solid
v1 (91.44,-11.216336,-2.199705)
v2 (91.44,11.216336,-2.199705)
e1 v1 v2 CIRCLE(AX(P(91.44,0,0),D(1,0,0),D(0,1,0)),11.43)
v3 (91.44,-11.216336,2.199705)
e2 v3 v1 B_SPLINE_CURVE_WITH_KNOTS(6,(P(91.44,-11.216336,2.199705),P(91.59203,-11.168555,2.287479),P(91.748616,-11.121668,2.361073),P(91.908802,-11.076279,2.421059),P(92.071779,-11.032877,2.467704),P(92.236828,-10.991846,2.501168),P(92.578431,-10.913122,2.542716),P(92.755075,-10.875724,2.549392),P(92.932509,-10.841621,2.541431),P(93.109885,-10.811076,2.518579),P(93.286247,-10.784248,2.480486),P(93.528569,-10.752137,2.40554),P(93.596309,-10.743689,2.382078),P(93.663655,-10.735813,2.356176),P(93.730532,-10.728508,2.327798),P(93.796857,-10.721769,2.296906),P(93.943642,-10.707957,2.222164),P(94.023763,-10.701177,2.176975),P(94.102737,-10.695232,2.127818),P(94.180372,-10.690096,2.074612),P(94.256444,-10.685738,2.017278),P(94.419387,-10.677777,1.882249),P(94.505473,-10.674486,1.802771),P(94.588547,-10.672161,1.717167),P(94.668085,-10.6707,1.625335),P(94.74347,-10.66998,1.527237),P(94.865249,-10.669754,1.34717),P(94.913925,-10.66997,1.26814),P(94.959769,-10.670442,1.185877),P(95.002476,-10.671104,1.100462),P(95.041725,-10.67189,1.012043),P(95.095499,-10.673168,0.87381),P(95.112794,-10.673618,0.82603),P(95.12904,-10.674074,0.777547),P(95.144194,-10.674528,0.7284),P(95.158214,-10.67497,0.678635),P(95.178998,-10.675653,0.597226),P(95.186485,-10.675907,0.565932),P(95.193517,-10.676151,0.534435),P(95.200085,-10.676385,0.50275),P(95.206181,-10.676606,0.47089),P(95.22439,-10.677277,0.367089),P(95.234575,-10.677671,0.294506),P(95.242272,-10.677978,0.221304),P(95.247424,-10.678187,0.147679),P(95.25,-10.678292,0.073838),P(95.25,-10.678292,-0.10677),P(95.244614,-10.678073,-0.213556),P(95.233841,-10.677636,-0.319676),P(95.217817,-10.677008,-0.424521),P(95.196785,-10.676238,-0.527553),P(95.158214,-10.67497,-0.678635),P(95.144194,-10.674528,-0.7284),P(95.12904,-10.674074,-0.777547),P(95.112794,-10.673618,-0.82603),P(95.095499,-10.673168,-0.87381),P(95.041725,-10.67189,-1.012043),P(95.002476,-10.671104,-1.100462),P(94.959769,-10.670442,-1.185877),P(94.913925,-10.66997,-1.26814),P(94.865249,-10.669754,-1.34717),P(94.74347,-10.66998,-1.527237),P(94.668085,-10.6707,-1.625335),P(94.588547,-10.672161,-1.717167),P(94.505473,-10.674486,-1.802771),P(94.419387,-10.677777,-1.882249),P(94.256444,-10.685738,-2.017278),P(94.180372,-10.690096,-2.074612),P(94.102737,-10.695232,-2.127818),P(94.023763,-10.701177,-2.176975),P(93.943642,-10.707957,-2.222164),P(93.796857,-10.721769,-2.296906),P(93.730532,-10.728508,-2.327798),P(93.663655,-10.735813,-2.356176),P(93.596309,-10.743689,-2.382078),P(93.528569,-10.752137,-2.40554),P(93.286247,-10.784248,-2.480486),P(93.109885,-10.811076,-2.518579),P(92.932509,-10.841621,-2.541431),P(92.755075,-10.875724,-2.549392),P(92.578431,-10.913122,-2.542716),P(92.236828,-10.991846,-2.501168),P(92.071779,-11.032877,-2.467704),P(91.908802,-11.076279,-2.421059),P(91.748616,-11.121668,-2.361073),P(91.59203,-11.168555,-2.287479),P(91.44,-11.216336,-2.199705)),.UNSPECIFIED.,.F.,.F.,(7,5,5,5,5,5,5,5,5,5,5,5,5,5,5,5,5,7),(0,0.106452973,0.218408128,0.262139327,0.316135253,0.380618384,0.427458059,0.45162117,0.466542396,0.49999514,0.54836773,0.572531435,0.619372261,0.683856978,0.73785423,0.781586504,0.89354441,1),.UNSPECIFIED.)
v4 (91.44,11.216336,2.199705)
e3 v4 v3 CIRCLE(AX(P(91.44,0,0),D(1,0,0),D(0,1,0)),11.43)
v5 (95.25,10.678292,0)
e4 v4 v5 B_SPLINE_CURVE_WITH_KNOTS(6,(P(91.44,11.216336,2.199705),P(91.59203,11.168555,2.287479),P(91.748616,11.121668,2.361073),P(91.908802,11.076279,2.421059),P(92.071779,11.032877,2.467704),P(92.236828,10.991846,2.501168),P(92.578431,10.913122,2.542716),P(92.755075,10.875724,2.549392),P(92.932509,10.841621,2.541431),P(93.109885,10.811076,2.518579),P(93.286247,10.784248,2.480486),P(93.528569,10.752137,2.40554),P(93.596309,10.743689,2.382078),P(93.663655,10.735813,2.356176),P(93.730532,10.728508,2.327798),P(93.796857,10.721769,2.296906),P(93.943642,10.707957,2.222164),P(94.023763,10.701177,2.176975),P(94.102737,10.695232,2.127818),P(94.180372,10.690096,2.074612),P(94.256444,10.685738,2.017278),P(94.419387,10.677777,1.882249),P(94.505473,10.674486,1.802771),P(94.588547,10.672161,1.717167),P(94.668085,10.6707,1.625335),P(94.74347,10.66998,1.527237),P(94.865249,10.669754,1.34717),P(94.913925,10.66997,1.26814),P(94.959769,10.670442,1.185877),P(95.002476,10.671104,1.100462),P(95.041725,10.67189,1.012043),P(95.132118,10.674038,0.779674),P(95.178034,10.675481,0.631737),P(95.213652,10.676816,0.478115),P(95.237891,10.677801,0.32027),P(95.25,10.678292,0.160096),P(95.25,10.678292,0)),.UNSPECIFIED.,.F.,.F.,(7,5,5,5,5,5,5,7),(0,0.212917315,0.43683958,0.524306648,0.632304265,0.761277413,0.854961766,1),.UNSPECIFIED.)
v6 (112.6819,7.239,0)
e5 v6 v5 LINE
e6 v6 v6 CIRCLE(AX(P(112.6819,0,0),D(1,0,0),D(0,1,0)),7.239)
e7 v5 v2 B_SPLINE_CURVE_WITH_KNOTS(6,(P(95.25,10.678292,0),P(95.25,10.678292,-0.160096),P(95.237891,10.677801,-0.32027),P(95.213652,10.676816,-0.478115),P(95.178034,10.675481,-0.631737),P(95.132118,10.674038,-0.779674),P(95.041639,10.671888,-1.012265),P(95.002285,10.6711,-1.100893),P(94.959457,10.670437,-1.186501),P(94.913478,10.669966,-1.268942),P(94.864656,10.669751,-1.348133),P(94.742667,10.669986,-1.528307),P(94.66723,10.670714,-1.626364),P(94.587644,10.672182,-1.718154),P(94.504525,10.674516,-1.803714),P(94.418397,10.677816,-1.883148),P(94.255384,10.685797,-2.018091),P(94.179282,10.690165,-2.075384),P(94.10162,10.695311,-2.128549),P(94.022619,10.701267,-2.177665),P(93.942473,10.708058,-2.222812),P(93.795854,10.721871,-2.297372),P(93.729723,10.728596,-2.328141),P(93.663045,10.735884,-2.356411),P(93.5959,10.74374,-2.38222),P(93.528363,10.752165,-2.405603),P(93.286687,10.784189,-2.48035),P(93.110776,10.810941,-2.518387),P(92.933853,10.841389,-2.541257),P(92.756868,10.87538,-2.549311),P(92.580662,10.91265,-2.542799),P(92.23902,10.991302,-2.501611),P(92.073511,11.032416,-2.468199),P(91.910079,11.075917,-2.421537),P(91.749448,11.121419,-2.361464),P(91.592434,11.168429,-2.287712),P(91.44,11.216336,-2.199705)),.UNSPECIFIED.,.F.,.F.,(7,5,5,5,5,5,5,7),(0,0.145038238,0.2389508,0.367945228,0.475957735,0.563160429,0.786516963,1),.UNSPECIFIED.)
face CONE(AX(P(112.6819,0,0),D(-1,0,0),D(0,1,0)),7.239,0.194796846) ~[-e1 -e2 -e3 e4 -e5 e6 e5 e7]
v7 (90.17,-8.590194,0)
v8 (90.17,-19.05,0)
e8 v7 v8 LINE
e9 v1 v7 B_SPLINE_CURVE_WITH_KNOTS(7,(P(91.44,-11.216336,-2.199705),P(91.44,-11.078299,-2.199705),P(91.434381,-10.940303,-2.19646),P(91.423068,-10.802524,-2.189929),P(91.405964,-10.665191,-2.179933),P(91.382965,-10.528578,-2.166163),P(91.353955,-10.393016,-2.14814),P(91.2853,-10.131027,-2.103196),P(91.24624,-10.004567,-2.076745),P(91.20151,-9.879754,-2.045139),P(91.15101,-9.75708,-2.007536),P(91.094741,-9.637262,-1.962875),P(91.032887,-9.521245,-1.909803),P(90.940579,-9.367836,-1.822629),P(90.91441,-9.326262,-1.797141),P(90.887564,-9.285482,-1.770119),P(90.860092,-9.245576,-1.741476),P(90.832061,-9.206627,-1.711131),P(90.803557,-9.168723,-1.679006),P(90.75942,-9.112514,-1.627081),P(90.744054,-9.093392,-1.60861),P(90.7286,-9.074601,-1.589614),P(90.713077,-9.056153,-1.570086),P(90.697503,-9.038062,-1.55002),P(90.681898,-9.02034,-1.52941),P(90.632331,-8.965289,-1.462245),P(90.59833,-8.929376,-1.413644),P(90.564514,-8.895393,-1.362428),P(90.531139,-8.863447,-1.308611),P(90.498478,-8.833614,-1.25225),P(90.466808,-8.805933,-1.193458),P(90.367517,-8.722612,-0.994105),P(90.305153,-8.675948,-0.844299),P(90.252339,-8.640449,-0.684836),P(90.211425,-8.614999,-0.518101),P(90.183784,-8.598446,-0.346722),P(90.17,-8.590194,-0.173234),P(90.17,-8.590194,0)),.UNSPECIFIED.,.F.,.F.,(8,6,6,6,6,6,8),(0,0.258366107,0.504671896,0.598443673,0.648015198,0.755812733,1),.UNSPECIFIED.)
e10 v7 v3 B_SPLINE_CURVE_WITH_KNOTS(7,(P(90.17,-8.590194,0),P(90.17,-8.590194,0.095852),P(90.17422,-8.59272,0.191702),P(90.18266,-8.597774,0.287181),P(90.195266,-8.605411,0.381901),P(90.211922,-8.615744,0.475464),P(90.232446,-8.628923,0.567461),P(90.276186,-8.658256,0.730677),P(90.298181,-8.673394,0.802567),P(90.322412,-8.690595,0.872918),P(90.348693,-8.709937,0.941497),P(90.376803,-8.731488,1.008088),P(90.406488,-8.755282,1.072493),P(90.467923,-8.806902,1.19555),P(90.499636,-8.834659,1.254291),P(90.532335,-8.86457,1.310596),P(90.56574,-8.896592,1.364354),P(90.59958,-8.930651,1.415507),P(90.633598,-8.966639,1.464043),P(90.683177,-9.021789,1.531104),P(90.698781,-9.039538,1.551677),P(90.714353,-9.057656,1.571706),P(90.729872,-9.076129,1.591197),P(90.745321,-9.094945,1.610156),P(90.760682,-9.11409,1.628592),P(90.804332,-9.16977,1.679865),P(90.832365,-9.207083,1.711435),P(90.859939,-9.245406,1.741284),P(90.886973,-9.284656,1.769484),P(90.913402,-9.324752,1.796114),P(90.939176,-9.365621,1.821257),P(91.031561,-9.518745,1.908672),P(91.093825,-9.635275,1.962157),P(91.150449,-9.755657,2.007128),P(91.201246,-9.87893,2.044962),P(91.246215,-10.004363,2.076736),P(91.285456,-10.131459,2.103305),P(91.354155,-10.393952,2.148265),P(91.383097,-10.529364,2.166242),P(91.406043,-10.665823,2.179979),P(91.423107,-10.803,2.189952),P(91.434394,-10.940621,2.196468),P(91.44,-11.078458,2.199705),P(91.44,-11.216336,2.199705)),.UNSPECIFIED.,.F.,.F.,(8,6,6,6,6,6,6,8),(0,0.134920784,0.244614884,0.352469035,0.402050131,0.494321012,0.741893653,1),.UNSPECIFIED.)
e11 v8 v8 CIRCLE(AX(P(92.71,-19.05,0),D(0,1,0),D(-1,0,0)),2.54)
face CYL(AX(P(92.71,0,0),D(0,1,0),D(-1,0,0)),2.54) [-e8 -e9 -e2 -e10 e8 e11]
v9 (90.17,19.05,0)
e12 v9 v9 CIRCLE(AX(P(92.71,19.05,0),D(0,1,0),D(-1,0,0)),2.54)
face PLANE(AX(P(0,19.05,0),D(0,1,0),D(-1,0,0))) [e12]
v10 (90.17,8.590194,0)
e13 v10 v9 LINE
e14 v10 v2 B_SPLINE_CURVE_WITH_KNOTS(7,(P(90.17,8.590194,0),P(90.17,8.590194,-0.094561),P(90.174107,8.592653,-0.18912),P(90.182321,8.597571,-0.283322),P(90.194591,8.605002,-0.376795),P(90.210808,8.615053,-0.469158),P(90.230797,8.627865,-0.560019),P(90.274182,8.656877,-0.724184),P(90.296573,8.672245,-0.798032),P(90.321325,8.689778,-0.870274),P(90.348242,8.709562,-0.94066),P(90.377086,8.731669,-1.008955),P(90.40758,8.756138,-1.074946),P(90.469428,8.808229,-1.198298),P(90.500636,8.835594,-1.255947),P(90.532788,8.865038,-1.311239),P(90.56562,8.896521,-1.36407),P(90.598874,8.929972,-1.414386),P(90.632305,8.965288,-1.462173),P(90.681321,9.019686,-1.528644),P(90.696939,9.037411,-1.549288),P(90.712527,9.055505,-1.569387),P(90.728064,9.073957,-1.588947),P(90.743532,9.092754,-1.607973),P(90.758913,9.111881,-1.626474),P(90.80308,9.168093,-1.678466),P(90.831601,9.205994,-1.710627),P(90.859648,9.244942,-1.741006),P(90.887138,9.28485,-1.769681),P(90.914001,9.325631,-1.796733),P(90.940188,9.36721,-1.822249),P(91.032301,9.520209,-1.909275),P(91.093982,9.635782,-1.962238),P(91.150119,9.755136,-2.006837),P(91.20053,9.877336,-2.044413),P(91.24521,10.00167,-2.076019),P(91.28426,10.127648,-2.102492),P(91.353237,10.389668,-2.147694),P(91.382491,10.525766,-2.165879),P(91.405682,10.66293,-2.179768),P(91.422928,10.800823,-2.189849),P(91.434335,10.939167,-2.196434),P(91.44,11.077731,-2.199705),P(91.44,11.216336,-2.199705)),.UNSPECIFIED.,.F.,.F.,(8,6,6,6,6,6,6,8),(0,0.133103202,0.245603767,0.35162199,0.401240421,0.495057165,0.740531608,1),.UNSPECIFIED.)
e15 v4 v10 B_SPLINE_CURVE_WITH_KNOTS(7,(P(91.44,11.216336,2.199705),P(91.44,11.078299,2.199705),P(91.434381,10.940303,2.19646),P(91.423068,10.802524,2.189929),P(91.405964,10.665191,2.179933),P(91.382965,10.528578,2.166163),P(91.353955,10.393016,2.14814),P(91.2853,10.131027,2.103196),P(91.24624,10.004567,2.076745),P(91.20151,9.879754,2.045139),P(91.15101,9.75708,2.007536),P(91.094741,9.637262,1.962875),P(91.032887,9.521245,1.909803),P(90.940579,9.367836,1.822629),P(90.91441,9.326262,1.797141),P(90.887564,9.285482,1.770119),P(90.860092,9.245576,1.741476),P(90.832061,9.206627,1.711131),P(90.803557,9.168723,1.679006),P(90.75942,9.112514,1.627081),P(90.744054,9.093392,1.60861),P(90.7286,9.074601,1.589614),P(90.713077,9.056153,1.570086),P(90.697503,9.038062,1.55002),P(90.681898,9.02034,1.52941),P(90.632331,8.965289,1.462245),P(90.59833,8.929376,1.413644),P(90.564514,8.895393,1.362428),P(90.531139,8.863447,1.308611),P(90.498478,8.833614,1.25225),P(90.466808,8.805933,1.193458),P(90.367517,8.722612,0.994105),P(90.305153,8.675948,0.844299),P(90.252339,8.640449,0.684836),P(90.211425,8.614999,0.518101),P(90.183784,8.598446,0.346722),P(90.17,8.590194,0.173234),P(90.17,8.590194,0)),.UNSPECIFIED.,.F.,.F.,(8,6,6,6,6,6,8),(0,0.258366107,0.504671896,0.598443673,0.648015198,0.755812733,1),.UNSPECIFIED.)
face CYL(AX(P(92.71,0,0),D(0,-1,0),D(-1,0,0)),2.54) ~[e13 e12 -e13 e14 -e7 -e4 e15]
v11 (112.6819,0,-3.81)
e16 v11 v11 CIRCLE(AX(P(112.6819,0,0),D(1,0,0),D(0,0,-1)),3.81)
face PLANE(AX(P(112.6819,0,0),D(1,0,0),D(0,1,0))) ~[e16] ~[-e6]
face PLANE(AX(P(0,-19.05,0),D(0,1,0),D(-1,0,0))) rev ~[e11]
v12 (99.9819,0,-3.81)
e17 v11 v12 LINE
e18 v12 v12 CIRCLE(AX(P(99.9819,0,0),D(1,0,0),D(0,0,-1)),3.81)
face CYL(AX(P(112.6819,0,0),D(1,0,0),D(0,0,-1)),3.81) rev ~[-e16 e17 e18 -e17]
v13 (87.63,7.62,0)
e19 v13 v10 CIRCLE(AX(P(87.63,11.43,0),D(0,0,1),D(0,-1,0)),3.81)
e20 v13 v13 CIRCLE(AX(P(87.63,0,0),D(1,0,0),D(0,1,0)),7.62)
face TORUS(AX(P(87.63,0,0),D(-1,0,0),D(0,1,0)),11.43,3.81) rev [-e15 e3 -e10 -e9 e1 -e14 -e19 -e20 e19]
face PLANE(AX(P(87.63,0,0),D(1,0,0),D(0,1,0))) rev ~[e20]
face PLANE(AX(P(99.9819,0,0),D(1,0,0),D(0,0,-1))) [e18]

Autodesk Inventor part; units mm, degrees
ref_plane "YZ Plane" through (0, 0, 0) normal (1, 0, 0) x (0, 1, 0)
ref_plane "XZ Plane" through (0, 0, 0) normal (0, 1, 0) x (-1, 0, 0)
ref_plane "XY Plane" through (0, 0, 0) normal (0, 0, 1) x (1, 0, 0)
sketch "Sketch1" plane through (0, 0, 0) normal (0, 0, 1) x (1, 0, 0)
  line L0 (87.63, 0) -> (112.6819, 0)
  line L1 (112.6819, 0) -> (112.6819, 7.239)
  line L2 (112.6819, 7.239) -> (91.44, 11.43)
  line L3 (87.63, 11.43) -> (87.63, 7.62) construction
  line L4 (85.09, -8.9952) -> (85.09, 8.9952) projected
  line L5 (85.09, 0) -> (87.63, 0) construction
  arc A0 (91.44, 11.43) -> (87.63, 7.62) centre (87.63, 11.43) ccw construction
  arc A1 (87.63, 7.62) -> (91.44, 11.43) centre (87.63, 11.43) ccw
  line L6 (87.63, 7.62) -> (87.63, 0)
  line L7 (91.44, 11.43) -> (87.63, 11.43) construction
  point P0 (0, 0)
  dimension "d0" = 25.4
  dimension "d1" = 11.43
  dimension "d2" = 2.54
  dimension "d3" = 7.62
  dimension "d5" = 7.239
revolve "Revolution1" add sketch "Sketch1" angle 360 about axis through (87.63, 0, 0) along (1, 0, 0)
sketch "Sketch2" plane through (0, 0, 0) normal (0, 1, 0) x (-1, 0, 0)
  circle A0 centre (-92.71, 0) radius 2.54 projected
  circle A1 centre (-92.71, 0) radius 2.54 projected
  circle A2 centre (-92.71, 0) radius 2.54 projected
  circle A3 centre (-92.71, 0) radius 2.54 projected
  circle A4 centre (-92.71, 0) radius 2.54
  point P0 (0, 0)
extrude "Extrusion1" add sketch "Sketch2" along normal mid plane 38.1
sketch "Sketch3" plane through (112.6819, 0, 0) normal (1, 0, 0) x (0, 0, -1)
  circle A0 centre (0, 0) radius 3.81
  dimension "d8" = 7.62
extrude "Extrusion2" cut sketch "Sketch3" against normal blind 12.7
properties part number "Arm_Wheel_Attachment"
